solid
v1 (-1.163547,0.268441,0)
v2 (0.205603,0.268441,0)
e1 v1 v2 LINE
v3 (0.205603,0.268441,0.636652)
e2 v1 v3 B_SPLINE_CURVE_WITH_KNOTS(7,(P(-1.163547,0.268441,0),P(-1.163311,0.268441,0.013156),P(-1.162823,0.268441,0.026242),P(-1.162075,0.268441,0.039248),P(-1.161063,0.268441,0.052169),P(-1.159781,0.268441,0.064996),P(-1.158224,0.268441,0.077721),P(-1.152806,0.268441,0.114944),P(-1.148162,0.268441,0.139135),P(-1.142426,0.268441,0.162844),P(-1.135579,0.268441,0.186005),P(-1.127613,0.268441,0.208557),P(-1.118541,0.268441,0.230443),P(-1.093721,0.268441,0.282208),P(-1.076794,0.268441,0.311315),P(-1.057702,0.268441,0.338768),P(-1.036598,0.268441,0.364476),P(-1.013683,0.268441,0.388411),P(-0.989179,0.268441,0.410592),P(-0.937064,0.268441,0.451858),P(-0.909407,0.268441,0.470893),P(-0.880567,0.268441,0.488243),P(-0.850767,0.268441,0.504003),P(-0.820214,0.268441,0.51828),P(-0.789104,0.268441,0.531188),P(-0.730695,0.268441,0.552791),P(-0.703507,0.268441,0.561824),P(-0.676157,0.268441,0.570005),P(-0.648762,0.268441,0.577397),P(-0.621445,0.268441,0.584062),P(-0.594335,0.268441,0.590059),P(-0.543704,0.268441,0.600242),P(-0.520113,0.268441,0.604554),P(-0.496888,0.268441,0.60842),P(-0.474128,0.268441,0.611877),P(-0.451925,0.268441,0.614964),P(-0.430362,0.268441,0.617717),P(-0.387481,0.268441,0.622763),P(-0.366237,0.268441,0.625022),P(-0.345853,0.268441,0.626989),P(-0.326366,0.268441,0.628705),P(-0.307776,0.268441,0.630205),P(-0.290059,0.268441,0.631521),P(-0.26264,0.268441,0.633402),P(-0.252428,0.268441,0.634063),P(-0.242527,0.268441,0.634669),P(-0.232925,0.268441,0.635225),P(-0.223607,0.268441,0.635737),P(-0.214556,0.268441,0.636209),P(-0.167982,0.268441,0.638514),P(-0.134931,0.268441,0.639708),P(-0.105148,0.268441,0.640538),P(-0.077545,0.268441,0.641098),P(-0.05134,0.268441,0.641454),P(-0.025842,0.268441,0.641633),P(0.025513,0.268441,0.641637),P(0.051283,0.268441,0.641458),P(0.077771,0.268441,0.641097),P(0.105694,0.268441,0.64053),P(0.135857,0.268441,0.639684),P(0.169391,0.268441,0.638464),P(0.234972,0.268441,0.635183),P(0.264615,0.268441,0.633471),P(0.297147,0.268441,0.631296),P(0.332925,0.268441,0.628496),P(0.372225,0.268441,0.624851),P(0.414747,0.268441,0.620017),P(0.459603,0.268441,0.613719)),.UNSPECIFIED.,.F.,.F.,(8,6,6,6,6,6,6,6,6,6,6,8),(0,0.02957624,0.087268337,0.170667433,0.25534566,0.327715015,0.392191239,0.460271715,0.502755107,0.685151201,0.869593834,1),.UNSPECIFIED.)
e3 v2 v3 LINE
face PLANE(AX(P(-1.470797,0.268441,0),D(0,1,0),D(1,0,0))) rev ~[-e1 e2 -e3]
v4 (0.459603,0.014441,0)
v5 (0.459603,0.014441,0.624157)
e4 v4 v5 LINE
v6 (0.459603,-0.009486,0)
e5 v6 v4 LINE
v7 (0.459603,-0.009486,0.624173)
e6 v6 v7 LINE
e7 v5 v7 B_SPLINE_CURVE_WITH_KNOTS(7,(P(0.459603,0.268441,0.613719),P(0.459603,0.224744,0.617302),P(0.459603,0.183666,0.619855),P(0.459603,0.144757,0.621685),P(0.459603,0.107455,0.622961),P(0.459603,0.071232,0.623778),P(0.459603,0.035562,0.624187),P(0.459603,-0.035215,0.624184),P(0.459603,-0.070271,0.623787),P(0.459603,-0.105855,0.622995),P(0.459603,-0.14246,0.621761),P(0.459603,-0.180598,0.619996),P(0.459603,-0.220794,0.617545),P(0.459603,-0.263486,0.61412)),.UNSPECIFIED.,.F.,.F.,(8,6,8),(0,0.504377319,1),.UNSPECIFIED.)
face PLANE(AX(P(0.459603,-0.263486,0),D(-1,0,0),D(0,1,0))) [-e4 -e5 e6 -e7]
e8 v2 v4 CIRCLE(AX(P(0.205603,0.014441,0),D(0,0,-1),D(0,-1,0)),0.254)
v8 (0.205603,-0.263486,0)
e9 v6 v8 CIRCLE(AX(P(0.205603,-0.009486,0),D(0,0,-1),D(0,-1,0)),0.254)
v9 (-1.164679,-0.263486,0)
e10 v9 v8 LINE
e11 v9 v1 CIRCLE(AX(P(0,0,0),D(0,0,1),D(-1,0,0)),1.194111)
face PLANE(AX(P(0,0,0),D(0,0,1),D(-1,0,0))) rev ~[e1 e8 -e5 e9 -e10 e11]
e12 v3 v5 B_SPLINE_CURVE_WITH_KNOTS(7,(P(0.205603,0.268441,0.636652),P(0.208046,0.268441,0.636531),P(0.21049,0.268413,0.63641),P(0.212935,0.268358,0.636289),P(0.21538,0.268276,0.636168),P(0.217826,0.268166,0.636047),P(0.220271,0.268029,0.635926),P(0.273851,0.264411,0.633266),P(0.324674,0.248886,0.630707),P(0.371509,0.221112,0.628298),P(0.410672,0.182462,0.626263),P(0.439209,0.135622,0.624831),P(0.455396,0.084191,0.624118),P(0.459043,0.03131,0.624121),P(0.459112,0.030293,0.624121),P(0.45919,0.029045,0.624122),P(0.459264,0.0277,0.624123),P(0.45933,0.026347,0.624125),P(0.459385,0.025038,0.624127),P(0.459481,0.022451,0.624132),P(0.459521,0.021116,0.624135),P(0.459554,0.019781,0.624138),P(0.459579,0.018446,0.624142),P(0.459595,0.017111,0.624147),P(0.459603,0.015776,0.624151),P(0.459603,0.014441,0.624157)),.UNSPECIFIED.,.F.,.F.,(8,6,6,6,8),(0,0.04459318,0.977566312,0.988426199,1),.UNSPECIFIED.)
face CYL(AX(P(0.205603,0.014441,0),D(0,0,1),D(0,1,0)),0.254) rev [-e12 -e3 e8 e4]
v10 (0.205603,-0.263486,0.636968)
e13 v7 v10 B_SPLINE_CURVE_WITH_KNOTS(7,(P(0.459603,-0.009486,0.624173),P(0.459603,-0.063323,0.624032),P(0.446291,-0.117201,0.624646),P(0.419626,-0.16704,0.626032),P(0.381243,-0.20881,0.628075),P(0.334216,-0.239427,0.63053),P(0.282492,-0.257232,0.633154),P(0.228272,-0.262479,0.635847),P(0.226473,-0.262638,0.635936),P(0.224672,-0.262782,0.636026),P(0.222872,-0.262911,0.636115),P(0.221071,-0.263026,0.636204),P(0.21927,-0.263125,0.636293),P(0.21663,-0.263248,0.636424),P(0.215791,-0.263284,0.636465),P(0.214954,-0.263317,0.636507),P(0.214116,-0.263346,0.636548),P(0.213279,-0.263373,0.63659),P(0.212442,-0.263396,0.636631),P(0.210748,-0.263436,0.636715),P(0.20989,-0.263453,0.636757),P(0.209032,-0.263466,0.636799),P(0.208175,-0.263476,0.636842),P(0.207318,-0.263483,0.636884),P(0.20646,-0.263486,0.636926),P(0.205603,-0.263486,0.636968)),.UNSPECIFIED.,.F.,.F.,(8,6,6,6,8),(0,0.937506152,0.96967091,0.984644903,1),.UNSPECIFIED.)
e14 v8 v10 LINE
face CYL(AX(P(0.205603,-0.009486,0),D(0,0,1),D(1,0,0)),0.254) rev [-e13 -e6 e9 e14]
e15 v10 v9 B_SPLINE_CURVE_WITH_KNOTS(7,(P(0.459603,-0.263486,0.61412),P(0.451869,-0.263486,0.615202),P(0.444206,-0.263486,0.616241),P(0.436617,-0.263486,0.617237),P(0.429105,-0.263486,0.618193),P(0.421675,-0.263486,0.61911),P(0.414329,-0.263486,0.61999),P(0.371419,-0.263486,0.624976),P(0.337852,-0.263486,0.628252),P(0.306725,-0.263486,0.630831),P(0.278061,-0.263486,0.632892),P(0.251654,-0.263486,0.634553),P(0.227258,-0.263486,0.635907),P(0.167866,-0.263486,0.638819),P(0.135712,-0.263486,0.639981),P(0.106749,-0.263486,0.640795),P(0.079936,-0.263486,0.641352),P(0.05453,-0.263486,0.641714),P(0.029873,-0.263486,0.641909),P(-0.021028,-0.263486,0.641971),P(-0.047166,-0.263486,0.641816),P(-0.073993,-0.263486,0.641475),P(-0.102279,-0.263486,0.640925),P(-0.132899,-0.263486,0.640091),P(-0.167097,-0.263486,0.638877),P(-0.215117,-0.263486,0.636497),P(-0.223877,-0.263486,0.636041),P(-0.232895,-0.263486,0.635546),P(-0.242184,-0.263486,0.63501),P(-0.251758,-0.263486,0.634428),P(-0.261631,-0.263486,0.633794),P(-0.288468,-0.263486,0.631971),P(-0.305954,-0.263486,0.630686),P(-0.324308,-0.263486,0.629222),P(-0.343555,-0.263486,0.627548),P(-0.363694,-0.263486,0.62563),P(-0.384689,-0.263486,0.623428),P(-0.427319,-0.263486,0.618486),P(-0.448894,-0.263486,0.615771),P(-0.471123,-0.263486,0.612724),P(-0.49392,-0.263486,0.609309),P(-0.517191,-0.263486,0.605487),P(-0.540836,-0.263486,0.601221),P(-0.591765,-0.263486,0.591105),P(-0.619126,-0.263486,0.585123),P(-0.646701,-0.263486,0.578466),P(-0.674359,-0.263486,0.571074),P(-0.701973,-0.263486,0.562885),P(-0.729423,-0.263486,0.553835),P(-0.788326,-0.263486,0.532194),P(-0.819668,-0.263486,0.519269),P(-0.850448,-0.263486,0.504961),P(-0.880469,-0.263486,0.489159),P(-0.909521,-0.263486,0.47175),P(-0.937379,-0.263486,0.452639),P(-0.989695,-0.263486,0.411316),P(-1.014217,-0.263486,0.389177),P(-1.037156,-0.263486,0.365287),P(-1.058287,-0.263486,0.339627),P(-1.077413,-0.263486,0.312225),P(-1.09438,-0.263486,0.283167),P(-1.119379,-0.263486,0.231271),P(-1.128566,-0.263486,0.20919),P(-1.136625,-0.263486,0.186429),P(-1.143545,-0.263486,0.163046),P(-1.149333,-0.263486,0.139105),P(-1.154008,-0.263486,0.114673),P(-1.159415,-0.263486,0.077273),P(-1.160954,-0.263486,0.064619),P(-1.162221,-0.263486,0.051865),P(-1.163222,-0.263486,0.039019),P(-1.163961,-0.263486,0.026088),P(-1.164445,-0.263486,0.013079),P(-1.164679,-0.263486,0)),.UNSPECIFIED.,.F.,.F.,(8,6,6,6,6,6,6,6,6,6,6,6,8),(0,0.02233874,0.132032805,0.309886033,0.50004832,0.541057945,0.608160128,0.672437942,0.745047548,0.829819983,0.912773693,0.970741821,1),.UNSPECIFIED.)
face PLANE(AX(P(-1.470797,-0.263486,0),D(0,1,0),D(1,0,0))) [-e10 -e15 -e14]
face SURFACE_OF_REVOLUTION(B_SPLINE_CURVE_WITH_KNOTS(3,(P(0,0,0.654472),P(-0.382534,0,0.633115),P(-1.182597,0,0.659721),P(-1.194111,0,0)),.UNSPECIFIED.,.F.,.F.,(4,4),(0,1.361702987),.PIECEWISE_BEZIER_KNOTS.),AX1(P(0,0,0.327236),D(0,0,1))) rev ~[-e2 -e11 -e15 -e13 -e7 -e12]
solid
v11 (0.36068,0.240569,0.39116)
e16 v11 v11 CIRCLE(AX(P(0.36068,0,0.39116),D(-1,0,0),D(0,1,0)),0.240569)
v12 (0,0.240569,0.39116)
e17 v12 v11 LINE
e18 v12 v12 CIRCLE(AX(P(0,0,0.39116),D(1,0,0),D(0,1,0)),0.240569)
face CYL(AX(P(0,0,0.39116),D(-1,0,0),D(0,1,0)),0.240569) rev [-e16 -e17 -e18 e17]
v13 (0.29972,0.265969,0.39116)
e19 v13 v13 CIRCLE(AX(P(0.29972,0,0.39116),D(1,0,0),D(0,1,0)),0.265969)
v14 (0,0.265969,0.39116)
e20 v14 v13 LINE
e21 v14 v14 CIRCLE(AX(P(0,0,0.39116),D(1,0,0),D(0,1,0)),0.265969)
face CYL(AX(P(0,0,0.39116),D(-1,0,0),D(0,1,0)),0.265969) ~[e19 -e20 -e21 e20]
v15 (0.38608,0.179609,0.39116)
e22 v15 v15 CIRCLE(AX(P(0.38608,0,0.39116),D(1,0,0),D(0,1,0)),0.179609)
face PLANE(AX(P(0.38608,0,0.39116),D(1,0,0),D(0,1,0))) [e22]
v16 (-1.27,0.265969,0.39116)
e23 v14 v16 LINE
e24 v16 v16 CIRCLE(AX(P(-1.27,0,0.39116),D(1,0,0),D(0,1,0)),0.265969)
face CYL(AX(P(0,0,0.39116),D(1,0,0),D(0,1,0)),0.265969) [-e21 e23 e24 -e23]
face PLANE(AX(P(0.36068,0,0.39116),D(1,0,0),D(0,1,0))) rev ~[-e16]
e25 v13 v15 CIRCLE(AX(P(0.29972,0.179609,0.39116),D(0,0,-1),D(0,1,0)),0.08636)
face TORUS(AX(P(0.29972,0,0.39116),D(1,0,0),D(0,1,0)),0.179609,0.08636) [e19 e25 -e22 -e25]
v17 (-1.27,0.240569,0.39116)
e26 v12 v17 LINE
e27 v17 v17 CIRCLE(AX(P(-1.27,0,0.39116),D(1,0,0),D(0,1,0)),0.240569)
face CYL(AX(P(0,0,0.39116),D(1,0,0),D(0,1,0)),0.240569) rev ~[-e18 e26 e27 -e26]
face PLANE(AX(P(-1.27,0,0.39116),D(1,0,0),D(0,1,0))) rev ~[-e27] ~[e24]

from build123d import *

# Parameters (mm, degrees)
F2_W          = 1.9304
F2_H          = 0.5319268
F3_DEPTH      = 1.2954
F4_R          = 0.254
F5_R          = 0.265968525
F6_DEPTH      = 1.27
F6_DEPTH_BACK = 0.38608
F7_T          = -0.0254
F8_R          = 0.08636


with BuildPart() as f1:
    # F0 (on Front) → F1 (revolve)
    with BuildSketch(Plane.XZ):
        with BuildLine():
            Line((0, 0), (0, 0.6544719217))
            add(Edge.make_bspline(
                [(0, 0.6544719217), (-0.3825341118, 0.633114716), (-1.1825968977, 0.6597214378), (-1.1941111879, 0)],
                knots=[0, 0, 0, 0, 1.3617029873, 1.3617029873, 1.3617029873, 1.3617029873], degree=3))
            Line((-1.1941111879, 0), (0, 0))
        make_face()
    revolve(axis=Axis((0, 0, 0.3272359609), (0, 0, 1)))

    # F2 (on Top) → F3 (cut)
    with BuildSketch(Plane.XY):
        with Locations((-0.5055966453, 0.0024771143)):
            Rectangle(F2_W, F2_H)
    extrude(amount=F3_DEPTH, mode=Mode.SUBTRACT)

    # F4
    f4_edges = [f1.edges().sort_by_distance(p)[0] for p in [
        (0.459603, 0.268441, 0.306859),
        (0.459603, -0.263486, 0.30706),
    ]]
    fillet(f4_edges, radius=F4_R)


with BuildPart() as f6:
    # F5 (on Right) → F6 (new body, two sides)
    with BuildSketch(Plane.YZ) as f6_sk:
        with Locations((0, 0.3911597887)):
            Circle(F5_R)
    extrude(amount=-F6_DEPTH)
    extrude(f6_sk.sketch, amount=F6_DEPTH_BACK)

    # F7
    f7_openings = [f6.faces().sort_by_distance(p)[0] for p in [
        (-1.27, 0, 0.39116),
    ]]
    offset(amount=F7_T, openings=f7_openings)

    # F8
    f8_edges = [f6.edges().sort_by_distance(p)[0] for p in [
        (0.38608, -0.265969, 0.39116),
    ]]
    fillet(f8_edges, radius=F8_R)


solid = Compound([f1.part, f6.part])
